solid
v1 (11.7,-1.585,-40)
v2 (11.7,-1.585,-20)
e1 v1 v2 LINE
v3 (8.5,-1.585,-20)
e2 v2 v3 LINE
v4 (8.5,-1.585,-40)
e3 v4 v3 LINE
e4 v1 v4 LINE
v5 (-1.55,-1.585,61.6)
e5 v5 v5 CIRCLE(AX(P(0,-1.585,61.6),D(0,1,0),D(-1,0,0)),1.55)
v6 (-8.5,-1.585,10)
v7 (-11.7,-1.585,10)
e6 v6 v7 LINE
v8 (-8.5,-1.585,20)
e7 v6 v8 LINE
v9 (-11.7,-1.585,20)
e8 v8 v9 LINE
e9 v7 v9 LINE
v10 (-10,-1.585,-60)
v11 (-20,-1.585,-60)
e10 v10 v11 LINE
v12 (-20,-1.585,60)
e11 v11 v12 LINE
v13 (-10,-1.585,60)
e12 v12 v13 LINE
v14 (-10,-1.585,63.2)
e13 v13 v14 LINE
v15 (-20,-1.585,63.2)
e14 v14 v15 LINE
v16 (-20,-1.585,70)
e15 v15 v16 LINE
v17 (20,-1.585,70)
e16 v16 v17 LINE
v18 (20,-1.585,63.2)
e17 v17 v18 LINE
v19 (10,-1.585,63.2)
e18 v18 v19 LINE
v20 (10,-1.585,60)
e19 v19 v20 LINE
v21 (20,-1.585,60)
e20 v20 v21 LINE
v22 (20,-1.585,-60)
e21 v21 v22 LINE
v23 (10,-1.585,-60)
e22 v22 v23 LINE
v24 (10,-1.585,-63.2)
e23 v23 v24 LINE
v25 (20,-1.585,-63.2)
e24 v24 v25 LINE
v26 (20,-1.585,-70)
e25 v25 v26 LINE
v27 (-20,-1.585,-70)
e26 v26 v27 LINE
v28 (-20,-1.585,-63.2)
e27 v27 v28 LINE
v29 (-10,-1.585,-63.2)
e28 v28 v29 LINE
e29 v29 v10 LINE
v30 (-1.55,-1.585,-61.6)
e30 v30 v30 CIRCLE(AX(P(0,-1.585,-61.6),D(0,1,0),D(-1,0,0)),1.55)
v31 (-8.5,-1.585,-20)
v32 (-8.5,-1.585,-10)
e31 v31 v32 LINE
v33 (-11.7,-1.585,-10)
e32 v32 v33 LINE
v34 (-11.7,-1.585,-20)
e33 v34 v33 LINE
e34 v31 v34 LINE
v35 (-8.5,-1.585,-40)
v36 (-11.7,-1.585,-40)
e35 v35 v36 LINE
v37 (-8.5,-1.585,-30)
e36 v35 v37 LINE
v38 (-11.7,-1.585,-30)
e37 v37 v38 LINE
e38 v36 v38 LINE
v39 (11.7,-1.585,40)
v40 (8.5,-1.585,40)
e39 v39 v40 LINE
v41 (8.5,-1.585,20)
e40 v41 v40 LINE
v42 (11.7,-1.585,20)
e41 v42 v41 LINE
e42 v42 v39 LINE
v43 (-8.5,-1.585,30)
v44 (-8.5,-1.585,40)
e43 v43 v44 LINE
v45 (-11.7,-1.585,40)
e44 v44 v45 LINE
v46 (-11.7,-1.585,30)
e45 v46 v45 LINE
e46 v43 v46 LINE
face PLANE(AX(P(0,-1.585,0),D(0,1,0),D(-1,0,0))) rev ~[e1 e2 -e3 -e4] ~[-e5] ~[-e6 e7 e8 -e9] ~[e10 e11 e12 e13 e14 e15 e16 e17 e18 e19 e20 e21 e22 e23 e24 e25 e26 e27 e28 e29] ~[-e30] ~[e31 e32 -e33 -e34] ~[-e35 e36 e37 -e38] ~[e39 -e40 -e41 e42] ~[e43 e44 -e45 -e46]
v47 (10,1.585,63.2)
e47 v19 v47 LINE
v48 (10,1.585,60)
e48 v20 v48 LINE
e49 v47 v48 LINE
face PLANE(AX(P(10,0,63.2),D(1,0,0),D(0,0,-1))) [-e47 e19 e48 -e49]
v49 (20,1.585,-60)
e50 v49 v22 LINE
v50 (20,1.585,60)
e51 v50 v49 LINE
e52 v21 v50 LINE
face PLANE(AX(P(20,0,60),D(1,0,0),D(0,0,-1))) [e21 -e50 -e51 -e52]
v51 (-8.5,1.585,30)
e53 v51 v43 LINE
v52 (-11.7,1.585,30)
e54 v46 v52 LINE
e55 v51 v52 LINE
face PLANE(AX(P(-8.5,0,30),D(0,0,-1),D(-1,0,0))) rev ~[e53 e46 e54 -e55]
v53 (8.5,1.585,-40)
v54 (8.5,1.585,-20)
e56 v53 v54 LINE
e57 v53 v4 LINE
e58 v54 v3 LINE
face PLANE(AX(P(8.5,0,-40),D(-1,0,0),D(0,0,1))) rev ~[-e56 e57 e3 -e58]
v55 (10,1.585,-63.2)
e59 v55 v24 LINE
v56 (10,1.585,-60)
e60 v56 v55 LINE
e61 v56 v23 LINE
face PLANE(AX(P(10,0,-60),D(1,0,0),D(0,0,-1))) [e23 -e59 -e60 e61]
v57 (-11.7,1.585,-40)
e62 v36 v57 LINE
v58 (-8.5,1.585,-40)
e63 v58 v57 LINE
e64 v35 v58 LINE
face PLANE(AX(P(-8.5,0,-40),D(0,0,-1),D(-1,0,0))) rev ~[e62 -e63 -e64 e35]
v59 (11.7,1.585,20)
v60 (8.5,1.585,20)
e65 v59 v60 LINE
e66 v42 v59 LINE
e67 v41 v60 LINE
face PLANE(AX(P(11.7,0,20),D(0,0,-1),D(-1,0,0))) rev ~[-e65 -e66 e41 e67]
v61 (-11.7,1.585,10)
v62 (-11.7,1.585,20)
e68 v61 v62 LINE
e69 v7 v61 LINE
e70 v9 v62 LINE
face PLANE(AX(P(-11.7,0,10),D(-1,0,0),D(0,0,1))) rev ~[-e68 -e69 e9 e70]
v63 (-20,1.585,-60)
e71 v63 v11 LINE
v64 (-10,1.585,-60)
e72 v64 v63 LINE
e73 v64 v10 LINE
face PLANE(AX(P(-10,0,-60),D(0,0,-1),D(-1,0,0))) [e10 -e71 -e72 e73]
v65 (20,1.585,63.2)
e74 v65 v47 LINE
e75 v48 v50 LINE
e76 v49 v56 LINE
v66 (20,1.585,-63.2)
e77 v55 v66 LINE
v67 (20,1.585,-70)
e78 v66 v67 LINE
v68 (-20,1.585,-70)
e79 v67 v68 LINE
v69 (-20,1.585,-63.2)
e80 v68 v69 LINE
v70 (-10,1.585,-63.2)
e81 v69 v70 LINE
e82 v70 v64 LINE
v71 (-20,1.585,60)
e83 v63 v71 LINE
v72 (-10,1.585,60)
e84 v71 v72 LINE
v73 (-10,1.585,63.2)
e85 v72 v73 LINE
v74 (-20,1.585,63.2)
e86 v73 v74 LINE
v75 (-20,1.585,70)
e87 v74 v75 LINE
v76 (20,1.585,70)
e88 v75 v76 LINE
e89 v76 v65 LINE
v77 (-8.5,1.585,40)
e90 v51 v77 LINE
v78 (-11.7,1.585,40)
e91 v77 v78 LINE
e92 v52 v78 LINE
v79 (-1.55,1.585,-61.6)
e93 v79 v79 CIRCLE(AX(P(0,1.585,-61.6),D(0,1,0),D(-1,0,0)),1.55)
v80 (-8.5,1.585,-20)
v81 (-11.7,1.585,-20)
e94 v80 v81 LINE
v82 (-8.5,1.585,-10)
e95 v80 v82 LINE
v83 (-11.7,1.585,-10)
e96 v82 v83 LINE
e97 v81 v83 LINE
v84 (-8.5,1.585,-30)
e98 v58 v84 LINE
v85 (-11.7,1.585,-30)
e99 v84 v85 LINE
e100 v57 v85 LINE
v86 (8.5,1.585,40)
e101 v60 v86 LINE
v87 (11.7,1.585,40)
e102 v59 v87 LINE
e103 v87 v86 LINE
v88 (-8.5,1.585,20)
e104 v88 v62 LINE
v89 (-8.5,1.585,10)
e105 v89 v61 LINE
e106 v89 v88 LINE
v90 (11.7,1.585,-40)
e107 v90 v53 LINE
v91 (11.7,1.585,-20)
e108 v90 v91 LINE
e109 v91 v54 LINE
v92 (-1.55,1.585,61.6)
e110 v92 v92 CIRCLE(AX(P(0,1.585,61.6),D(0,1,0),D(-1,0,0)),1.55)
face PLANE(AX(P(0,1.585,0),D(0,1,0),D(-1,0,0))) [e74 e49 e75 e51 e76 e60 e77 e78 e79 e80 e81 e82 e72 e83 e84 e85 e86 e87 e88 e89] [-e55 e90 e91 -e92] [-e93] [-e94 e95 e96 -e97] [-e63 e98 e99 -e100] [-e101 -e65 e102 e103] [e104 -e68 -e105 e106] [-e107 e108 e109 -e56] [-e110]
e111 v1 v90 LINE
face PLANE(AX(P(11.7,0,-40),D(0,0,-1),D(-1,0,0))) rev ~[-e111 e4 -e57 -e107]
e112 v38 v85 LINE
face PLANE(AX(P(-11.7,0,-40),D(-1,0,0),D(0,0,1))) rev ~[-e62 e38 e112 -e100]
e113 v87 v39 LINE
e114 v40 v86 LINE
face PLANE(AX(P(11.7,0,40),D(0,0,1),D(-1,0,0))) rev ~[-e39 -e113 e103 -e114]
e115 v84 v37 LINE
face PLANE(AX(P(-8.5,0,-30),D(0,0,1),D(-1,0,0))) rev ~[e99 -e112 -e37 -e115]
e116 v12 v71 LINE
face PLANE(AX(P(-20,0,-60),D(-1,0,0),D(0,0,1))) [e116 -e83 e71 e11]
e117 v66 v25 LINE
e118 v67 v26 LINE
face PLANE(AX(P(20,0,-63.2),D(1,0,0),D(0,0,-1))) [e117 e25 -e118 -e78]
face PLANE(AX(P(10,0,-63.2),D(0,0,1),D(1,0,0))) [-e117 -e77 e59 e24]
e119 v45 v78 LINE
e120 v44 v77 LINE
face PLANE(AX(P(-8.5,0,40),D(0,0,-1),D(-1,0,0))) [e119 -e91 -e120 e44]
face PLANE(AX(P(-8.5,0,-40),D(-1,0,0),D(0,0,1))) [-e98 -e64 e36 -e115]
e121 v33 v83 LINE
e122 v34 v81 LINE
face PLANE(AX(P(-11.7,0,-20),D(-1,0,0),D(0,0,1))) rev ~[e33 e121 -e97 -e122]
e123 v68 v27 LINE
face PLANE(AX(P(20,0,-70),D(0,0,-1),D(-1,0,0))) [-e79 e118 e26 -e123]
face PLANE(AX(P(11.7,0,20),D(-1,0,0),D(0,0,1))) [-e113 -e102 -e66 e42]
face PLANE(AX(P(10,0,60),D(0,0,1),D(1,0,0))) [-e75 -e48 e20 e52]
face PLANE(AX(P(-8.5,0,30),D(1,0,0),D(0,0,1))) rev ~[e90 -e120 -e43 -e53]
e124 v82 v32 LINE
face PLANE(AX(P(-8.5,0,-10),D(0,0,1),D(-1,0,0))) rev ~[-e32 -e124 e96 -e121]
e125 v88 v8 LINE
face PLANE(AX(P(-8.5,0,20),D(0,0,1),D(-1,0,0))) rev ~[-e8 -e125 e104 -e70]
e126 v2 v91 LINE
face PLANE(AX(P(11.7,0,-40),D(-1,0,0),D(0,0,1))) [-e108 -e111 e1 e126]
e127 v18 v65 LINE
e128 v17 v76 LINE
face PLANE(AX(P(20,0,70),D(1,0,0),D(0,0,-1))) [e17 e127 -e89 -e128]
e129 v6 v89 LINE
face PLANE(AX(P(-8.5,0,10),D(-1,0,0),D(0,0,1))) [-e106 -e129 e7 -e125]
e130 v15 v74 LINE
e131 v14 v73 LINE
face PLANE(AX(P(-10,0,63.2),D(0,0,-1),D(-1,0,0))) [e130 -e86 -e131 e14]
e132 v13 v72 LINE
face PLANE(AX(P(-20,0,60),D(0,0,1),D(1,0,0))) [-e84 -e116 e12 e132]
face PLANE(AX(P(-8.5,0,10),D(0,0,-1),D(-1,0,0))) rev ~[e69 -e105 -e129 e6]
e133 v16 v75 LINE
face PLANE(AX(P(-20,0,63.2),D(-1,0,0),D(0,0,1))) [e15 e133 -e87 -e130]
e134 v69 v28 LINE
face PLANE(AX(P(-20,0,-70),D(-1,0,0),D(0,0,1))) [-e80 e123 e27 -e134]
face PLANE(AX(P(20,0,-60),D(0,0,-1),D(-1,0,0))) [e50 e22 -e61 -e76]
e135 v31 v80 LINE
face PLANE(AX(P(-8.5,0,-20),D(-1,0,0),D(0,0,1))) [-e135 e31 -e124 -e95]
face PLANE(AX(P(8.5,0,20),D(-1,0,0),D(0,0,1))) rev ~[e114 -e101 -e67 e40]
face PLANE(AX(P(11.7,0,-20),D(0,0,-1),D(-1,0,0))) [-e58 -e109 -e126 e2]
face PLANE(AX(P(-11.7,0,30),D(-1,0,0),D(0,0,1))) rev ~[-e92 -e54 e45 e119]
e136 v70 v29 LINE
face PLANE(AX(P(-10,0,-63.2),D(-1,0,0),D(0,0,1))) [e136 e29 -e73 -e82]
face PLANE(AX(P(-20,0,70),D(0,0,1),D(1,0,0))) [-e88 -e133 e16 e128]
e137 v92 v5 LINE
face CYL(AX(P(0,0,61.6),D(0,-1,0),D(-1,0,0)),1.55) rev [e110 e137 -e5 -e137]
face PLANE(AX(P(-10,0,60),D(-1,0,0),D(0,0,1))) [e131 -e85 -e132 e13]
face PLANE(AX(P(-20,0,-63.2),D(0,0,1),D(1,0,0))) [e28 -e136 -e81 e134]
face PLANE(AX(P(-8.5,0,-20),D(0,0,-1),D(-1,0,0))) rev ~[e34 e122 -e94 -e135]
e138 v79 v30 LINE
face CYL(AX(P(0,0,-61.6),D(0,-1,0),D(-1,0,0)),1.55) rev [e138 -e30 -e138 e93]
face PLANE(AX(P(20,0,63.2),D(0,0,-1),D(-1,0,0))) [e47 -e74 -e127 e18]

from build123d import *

# Parameters (mm, degrees)
F0_W     = 3.2
F0_H     = 20
F0_R     = 1.55
F0_H_2   = 10
F1_DEPTH = 1.585
F3_ANGLE = 180


with BuildPart() as f1:
    # F0 (on Front) → F1 (new body, symmetric)
    with BuildSketch(Plane.XZ):
        Polygon((20, -60), (20, 0), (20, 60), (10, 60), (10, 63.2), (20, 63.2), (20, 70), (0, 70), (-20, 70), (-20, 63.2), (-10, 63.2), (-10, 60), (-20, 60), (-20, 0), (-20, -60), (-10, -60), (-10, -63.2), (-20, -63.2), (-20, -70), (0, -70), (20, -70), (20, -63.2), (10, -63.2), (10, -60), align=None)
        with Locations((-10.1, -30)):
            Rectangle(F0_W, F0_H, mode=Mode.SUBTRACT)
        with Locations((0, -61.6)):
            Circle(F0_R, mode=Mode.SUBTRACT)
        with Locations((10.1, -35)):
            Rectangle(F0_W, F0_H_2, mode=Mode.SUBTRACT)
        with Locations((10.1, -15)):
            Rectangle(F0_W, F0_H_2, mode=Mode.SUBTRACT)
        with Locations((-10.1, 30)):
            Rectangle(F0_W, F0_H, mode=Mode.SUBTRACT)
        with Locations((10.1, 15)):
            Rectangle(F0_W, F0_H_2, mode=Mode.SUBTRACT)
        with Locations((0, 61.6)):
            Circle(F0_R, mode=Mode.SUBTRACT)
        with Locations((10.1, 35)):
            Rectangle(F0_W, F0_H_2, mode=Mode.SUBTRACT)
    extrude(amount=F1_DEPTH, both=True)


with BuildPart() as f1_1:
    # F3: moved
    add(f1.part.rotate(Axis((0, 0, -6.9773904979), (0, 0, -1)), F3_ANGLE))


solid = f1_1.part
